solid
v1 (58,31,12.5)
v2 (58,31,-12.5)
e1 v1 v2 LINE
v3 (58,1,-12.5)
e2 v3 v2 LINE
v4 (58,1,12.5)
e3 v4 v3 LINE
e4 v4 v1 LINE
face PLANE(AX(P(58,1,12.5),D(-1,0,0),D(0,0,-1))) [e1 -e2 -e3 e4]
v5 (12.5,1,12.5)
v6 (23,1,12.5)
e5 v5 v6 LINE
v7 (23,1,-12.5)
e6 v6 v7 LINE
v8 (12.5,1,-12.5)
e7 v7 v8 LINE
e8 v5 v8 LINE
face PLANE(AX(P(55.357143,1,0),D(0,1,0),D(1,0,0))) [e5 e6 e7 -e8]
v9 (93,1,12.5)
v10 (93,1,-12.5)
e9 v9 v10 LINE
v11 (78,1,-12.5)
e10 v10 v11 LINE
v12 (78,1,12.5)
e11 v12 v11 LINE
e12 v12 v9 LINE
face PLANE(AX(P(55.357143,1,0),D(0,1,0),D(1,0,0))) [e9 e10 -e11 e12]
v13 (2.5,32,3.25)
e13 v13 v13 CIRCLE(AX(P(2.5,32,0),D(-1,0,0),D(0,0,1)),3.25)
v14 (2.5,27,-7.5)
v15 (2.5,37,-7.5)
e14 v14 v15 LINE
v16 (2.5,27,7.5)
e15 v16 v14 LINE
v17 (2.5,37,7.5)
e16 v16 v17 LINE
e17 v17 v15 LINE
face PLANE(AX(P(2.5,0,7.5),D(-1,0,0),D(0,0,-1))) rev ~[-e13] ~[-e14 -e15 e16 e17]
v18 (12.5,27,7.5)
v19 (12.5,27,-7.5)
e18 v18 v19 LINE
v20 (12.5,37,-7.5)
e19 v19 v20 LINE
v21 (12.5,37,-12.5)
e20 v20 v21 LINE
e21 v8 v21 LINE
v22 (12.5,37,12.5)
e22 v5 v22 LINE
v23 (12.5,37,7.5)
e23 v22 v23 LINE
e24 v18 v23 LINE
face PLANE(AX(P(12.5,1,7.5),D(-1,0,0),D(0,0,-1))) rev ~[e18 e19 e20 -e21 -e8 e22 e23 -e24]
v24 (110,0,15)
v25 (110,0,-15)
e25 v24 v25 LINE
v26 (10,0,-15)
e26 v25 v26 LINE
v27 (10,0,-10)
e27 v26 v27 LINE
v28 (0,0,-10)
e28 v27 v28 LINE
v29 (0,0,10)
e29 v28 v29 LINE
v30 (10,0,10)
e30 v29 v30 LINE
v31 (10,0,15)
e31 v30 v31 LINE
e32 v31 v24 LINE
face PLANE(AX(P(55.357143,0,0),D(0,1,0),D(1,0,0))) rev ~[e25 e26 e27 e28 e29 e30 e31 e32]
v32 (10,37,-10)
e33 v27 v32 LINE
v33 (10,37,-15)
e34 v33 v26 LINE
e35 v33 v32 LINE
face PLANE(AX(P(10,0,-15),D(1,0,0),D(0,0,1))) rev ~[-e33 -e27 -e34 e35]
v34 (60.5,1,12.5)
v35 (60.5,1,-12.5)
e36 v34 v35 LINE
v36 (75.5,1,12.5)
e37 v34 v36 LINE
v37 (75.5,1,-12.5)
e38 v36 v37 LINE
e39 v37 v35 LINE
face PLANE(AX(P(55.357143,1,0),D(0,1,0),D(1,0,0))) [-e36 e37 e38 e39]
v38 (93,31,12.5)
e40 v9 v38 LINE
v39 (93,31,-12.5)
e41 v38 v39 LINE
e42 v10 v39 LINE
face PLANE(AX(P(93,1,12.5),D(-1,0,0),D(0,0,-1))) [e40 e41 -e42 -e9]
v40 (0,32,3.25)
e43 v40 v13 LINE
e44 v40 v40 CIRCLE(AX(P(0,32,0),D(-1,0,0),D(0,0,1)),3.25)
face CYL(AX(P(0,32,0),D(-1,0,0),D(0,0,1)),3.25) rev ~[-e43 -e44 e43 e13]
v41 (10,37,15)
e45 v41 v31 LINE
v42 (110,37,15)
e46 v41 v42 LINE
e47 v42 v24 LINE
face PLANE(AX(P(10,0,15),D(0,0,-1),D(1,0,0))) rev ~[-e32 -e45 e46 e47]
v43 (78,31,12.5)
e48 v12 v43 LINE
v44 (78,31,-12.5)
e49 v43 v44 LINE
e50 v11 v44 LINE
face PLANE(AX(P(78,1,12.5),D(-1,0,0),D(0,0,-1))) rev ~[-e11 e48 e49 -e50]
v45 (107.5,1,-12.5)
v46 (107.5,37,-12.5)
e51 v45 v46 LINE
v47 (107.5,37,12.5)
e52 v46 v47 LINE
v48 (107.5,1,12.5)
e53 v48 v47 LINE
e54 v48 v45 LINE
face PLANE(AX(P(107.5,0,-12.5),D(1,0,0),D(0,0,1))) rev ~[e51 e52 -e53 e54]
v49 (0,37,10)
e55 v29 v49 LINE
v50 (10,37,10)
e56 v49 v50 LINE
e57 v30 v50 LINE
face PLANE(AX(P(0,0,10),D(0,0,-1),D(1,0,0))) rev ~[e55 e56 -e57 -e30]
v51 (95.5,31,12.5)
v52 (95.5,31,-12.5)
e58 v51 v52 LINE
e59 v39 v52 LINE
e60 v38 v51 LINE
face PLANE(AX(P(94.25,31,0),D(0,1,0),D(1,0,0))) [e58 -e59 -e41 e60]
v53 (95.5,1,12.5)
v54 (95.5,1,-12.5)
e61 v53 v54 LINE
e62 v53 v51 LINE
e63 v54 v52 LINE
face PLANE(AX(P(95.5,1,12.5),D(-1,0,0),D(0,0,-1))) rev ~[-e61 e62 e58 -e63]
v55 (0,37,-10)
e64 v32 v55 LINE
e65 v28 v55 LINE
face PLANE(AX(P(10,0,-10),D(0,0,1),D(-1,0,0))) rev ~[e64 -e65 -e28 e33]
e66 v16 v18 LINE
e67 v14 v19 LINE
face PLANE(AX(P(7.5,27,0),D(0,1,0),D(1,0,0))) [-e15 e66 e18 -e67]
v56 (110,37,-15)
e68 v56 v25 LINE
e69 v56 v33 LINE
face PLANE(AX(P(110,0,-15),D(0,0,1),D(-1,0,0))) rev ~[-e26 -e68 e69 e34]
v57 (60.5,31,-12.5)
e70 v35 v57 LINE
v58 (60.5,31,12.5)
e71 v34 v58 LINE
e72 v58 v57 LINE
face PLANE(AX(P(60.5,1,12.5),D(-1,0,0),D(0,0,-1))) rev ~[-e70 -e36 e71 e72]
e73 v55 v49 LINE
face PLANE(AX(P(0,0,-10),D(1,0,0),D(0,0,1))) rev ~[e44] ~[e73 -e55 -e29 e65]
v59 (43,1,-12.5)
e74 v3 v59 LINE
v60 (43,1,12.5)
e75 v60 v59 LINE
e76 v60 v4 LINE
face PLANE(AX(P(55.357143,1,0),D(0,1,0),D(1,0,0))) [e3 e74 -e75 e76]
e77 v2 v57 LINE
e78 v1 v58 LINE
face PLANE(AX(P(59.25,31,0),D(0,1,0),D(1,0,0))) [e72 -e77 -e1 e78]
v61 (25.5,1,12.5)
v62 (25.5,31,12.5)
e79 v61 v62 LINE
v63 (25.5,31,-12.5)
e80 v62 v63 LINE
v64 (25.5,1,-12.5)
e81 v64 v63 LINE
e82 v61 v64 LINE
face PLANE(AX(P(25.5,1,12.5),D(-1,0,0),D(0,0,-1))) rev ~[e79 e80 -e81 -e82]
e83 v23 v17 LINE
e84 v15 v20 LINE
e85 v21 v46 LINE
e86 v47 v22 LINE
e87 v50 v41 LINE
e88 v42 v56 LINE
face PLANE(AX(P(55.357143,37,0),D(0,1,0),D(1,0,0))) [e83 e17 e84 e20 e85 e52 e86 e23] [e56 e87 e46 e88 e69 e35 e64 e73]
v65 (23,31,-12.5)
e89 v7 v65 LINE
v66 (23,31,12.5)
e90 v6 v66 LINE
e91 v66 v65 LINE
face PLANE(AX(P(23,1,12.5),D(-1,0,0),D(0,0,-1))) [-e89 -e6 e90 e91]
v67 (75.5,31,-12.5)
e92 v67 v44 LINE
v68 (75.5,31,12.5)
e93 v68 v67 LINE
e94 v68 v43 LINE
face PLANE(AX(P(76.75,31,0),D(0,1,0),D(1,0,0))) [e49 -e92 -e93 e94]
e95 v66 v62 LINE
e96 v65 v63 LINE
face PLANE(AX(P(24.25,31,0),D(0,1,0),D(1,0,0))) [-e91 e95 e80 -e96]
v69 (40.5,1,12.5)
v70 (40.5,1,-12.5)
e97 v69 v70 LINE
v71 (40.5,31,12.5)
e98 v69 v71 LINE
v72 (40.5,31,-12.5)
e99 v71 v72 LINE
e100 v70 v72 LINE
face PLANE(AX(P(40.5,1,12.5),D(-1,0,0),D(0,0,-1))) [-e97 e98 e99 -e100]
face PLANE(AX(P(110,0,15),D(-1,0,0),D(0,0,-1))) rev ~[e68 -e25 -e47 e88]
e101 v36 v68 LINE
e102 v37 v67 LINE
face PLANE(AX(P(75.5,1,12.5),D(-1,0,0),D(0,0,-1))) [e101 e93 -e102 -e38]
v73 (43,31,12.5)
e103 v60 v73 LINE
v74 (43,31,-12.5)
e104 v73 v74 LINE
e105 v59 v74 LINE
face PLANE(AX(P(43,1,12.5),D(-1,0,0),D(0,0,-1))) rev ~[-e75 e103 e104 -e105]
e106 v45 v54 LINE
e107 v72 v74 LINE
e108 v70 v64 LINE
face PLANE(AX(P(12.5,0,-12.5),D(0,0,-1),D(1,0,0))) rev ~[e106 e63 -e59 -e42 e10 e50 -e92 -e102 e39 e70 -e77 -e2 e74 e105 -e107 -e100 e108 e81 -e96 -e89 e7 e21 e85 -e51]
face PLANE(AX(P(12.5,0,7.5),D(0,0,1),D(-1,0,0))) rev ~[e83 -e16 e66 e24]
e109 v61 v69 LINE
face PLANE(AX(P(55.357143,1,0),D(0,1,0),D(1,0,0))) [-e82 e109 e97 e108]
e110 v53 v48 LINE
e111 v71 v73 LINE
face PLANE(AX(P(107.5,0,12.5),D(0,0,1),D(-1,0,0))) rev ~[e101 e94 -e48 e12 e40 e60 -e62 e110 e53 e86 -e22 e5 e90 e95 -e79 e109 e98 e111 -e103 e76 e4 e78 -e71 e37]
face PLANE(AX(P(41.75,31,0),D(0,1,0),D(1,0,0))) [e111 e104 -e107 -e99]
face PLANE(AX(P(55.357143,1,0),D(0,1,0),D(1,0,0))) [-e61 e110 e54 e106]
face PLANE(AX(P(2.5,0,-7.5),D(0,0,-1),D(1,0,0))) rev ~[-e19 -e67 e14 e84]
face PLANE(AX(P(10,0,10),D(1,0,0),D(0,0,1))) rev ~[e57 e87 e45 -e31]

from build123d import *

# Parameters (mm, degrees)
EXTRUDE_2_DEPTH     = 1
EXTRUDE_3_DEPTH     = 37
SKETCH_3_W          = 2.5
SKETCH_3_H          = 25
EXTRUDE_4_DEPTH     = 30
SKETCH_4_W          = 10
SKETCH_4_H          = 15
EXTRUDE_5_DEPTH     = 26
CUT_EXTRUDE_1_REACH = 119.021
SKETCH_5_R          = 3.25


with BuildPart() as part:
    # 草图2 → 凸台-拉伸2 (new body)
    with BuildSketch(Plane(origin=(0, 0, 0), x_dir=(1, 0, 0), z_dir=(0, 1, 0))):
        Polygon((110, 15), (10, 15), (10, 10), (0, 10), (0, -10), (10, -10), (10, -15), (110, -15), align=None)
    extrude(amount=EXTRUDE_2_DEPTH)

    # 草图2<3> → 凸台-拉伸3 (add)
    with BuildSketch(Plane(origin=(0, 0, 0), x_dir=(1, 0, 0), z_dir=(0, 1, 0))):
        Polygon((10, 15), (10, 10), (0, 10), (0, -10), (10, -10), (10, -15), (110, -15), (110, 15), align=None)
        Polygon((12.5, 12.5), (107.5, 12.5), (107.5, -12.5), (12.5, -12.5), (12.5, -7.5), (2.5, -7.5), (2.5, 7.5), (12.5, 7.5), align=None, mode=Mode.SUBTRACT)
    extrude(amount=EXTRUDE_3_DEPTH)

    # 草图3 → 凸台-拉伸4 (add)
    with BuildSketch(Plane(origin=(0, 1, 0), x_dir=(1, 0, 0), z_dir=(0, 1, 0))):
        with Locations((24.25, 0)):
            Rectangle(SKETCH_3_W, SKETCH_3_H)
        with Locations((41.75, 0)):
            Rectangle(SKETCH_3_W, SKETCH_3_H)
        with Locations((59.25, 0)):
            Rectangle(SKETCH_3_W, SKETCH_3_H)
        with Locations((76.75, 0)):
            Rectangle(SKETCH_3_W, SKETCH_3_H)
        with Locations((94.25, 0)):
            Rectangle(SKETCH_3_W, SKETCH_3_H)
    extrude(amount=EXTRUDE_4_DEPTH)

    # 草图4 → 凸台-拉伸5 (add)
    with BuildSketch(Plane(origin=(0, 1, 0), x_dir=(1, 0, 0), z_dir=(0, 1, 0))):
        with Locations((7.5, 0)):
            Rectangle(SKETCH_4_W, SKETCH_4_H)
    extrude(amount=EXTRUDE_5_DEPTH)

    # 草图5 → 切除-拉伸1 (cut, up to next)
    with BuildSketch(Plane.ZY, mode=Mode.PRIVATE) as cut_extrude_1_sk1:
        with Locations((0, 32)):
            Circle(SKETCH_5_R)
    cut_extrude_1_tool1 = extrude(cut_extrude_1_sk1.sketch, amount=-CUT_EXTRUDE_1_REACH, mode=Mode.PRIVATE) & part.part
    add(cut_extrude_1_tool1.solids().sort_by_distance((0, 32, 0))[0], mode=Mode.SUBTRACT)


solid = part.part
